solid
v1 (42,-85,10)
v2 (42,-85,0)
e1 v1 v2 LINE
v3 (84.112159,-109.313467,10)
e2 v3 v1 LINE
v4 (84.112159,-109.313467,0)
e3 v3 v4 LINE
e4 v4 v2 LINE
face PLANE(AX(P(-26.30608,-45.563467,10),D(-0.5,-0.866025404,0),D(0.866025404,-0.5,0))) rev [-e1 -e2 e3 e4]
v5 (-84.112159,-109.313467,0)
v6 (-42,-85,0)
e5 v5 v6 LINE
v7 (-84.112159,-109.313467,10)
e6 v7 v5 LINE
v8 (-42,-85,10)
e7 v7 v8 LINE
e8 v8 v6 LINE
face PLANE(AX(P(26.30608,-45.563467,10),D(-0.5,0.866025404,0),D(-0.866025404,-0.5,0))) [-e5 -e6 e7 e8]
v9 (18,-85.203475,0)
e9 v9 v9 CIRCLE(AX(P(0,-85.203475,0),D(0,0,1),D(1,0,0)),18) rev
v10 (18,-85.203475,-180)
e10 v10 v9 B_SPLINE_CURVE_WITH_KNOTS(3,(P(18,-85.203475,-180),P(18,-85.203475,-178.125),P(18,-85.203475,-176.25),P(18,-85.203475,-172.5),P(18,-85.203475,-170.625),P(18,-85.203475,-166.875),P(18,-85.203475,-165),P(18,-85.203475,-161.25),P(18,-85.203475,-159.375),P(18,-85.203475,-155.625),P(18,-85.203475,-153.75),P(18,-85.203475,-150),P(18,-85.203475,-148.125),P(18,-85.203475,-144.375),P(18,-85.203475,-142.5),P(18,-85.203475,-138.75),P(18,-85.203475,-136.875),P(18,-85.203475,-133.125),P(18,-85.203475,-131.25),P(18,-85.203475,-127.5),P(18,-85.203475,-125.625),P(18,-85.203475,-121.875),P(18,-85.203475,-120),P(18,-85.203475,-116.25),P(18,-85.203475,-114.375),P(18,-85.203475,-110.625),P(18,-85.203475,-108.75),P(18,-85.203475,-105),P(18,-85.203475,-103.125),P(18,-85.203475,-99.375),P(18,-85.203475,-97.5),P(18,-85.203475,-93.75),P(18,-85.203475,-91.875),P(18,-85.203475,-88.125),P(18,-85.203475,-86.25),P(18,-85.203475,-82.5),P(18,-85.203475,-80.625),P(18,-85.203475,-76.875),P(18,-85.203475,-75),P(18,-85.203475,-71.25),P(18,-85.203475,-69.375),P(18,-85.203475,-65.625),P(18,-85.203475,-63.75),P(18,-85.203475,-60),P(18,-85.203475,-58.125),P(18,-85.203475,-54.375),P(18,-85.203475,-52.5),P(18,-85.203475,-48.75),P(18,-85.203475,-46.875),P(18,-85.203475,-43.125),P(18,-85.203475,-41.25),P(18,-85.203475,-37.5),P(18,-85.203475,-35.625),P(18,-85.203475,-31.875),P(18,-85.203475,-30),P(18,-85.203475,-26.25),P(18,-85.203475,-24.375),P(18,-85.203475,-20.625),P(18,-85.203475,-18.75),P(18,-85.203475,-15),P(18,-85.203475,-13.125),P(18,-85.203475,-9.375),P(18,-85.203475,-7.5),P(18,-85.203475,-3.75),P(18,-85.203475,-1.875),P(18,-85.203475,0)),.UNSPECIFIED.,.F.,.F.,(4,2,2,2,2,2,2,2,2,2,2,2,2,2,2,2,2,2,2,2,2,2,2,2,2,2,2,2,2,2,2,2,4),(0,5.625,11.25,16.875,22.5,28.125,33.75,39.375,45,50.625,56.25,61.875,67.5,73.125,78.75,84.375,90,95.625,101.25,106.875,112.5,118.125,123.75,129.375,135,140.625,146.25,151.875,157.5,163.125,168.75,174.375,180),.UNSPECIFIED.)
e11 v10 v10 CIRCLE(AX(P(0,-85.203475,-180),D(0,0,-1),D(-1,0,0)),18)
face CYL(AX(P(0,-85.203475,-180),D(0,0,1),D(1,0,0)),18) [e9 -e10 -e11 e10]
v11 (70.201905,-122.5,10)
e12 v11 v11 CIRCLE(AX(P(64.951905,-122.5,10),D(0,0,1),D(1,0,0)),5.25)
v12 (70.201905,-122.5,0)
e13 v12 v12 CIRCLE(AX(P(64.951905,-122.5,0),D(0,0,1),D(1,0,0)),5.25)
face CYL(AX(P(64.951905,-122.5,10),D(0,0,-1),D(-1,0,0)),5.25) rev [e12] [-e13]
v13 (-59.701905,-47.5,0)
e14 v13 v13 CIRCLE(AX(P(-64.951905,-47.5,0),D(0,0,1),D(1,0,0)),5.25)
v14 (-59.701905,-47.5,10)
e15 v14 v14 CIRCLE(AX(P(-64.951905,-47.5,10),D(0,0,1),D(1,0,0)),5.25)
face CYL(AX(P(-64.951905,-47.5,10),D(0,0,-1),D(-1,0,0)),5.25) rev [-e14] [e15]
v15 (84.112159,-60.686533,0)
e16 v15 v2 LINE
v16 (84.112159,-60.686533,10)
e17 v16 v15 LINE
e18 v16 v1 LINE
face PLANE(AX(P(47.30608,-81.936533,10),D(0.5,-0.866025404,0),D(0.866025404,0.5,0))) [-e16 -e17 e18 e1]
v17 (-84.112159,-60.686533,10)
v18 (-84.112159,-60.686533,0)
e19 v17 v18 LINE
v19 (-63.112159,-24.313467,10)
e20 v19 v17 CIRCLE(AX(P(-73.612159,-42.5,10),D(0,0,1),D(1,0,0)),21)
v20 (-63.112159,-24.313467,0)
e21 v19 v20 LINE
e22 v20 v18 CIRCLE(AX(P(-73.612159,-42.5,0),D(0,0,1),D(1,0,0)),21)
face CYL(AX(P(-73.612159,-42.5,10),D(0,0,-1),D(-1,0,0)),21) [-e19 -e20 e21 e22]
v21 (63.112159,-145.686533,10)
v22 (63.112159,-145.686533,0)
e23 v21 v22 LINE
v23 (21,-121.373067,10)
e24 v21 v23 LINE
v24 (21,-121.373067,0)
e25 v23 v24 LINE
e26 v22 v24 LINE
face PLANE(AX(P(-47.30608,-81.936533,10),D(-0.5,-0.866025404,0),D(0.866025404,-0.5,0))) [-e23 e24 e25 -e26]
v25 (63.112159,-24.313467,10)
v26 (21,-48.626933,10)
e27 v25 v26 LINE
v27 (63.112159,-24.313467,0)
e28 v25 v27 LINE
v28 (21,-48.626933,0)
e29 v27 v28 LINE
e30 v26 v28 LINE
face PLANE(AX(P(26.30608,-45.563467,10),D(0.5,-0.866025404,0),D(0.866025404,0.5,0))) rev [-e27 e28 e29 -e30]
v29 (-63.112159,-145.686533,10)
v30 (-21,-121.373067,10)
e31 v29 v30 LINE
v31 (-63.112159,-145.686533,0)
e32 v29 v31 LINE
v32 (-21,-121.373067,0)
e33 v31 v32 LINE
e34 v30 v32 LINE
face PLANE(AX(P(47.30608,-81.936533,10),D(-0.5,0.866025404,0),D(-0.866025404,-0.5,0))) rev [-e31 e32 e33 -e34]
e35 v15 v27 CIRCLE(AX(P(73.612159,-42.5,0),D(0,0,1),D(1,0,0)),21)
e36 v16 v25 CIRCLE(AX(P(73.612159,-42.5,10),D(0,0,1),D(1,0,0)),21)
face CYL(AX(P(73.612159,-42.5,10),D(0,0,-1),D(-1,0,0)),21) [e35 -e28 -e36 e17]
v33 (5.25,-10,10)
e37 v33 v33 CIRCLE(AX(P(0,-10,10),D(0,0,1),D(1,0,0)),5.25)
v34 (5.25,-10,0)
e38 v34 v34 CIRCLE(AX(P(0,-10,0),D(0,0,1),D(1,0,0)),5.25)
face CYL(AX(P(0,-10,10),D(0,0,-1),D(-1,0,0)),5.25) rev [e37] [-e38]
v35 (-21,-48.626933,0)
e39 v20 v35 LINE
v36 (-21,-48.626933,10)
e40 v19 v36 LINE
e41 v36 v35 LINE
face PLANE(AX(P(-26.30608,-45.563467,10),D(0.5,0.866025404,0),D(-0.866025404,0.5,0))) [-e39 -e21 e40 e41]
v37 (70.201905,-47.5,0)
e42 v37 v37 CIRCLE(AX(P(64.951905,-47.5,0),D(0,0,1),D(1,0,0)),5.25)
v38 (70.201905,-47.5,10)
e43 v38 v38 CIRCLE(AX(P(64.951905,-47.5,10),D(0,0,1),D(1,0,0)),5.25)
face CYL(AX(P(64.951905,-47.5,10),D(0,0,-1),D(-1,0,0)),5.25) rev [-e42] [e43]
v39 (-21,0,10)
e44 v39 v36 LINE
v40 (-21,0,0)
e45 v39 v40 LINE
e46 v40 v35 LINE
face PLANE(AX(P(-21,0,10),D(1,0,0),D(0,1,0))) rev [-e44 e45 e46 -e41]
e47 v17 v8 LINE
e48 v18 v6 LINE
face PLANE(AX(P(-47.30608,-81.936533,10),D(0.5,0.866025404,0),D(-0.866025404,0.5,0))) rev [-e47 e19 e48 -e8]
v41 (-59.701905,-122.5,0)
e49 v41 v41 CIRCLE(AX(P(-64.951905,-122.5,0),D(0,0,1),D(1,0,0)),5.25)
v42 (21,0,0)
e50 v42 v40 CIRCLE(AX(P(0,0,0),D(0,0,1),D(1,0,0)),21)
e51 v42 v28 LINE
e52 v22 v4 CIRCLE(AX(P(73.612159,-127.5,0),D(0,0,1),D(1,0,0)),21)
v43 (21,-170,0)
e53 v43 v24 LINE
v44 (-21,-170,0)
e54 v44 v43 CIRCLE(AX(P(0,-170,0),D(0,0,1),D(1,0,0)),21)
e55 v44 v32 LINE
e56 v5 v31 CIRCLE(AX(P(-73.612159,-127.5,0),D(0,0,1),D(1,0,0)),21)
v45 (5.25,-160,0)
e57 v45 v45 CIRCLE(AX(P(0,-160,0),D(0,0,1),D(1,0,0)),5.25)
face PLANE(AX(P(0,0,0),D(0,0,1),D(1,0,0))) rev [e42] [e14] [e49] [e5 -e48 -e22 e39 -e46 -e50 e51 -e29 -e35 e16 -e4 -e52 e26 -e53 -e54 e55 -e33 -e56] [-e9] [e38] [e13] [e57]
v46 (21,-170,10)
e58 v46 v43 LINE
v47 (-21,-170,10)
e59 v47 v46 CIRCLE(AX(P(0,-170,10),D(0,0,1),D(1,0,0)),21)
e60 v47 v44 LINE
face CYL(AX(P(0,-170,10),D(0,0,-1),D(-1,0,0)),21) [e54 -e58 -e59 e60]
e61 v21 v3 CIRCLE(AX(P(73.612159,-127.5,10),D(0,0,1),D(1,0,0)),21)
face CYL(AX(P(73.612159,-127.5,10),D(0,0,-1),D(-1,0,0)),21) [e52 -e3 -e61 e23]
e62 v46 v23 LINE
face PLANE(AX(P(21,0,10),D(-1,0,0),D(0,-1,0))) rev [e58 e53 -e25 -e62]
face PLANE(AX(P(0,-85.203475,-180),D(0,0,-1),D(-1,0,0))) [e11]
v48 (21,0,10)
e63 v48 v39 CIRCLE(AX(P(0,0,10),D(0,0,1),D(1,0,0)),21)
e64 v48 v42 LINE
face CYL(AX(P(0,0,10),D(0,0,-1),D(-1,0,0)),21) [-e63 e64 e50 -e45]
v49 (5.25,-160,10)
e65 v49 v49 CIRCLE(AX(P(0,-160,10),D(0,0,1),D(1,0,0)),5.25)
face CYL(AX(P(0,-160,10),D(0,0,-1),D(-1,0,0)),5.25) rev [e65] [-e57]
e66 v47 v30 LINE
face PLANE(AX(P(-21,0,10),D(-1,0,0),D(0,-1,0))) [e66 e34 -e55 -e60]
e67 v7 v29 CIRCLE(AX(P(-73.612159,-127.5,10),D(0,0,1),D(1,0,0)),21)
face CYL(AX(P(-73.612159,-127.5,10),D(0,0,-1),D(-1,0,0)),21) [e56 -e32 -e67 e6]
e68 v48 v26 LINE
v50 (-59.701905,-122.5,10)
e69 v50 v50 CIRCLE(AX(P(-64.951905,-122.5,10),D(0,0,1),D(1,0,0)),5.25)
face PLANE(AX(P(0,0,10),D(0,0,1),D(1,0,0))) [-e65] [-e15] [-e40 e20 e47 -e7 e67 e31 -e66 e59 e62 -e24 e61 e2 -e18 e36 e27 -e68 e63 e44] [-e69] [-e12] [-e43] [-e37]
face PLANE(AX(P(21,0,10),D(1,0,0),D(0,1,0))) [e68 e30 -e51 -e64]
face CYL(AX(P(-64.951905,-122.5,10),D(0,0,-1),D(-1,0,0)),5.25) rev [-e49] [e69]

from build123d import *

# Parameters (mm, degrees)
SKETCH_1_R      = 5.25
EXTRUDE_1_DEPTH = 10
SKETCH_2_R      = 18
EXTRUDE_2_DEPTH = 180


with BuildPart() as part:
    # 草图1 → 凸台-拉伸1 (new body)
    with BuildSketch(Plane.XY):
        with BuildLine():
            Line((21, 0), (21, -48.626933041))
            Line((21, -48.626933041), (63.112159322, -24.313466521))
            ThreePointArc((63.112159322, -24.313466521), (91.798692801, -32), (84.112159322, -60.686533479))
            Line((84.112159322, -60.686533479), (42, -85))
            Line((42, -85), (84.112159322, -109.313466521))
            ThreePointArc((84.112159322, -109.313466521), (91.798692801, -138), (63.112159322, -145.686533479))
            Line((63.112159322, -145.686533479), (21, -121.373066959))
            Line((21, -121.373066959), (21, -170))
            ThreePointArc((21, -170), (0, -191), (-21, -170))
            Line((-21, -170), (-21, -121.373066959))
            Line((-21, -121.373066959), (-63.112159322, -145.686533479))
            ThreePointArc((-63.112159322, -145.686533479), (-91.798692801, -138), (-84.112159322, -109.313466521))
            Line((-84.112159322, -109.313466521), (-42, -85))
            Line((-42, -85), (-84.112159322, -60.686533479))
            ThreePointArc((-84.112159322, -60.686533479), (-91.798692801, -32), (-63.112159322, -24.313466521))
            Line((-63.112159322, -24.313466521), (-21, -48.626933041))
            Line((-21, -48.626933041), (-21, 0))
            ThreePointArc((-21, 0), (0, 21), (21, 0))
        make_face()
        with Locations((0, -10)):
            Circle(SKETCH_1_R, mode=Mode.SUBTRACT)
        with Locations((64.951905284, -47.5)):
            Circle(SKETCH_1_R, mode=Mode.SUBTRACT)
        with Locations((64.951905284, -122.5)):
            Circle(SKETCH_1_R, mode=Mode.SUBTRACT)
        with Locations((0, -160)):
            Circle(SKETCH_1_R, mode=Mode.SUBTRACT)
        with Locations((-64.951905284, -122.5)):
            Circle(SKETCH_1_R, mode=Mode.SUBTRACT)
        with Locations((-64.951905284, -47.5)):
            Circle(SKETCH_1_R, mode=Mode.SUBTRACT)
    extrude(amount=EXTRUDE_1_DEPTH)

    # 草图2 → 凸台-拉伸2 (add)
    with BuildSketch(Plane(origin=(0, 0, 0), x_dir=(-1, 0, 0), z_dir=(0, 0, -1))):
        with Locations(Location((0, -85.20347481, 0), (0, 0, 180))):
            Circle(SKETCH_2_R)
    extrude(amount=EXTRUDE_2_DEPTH)


solid = part.part
